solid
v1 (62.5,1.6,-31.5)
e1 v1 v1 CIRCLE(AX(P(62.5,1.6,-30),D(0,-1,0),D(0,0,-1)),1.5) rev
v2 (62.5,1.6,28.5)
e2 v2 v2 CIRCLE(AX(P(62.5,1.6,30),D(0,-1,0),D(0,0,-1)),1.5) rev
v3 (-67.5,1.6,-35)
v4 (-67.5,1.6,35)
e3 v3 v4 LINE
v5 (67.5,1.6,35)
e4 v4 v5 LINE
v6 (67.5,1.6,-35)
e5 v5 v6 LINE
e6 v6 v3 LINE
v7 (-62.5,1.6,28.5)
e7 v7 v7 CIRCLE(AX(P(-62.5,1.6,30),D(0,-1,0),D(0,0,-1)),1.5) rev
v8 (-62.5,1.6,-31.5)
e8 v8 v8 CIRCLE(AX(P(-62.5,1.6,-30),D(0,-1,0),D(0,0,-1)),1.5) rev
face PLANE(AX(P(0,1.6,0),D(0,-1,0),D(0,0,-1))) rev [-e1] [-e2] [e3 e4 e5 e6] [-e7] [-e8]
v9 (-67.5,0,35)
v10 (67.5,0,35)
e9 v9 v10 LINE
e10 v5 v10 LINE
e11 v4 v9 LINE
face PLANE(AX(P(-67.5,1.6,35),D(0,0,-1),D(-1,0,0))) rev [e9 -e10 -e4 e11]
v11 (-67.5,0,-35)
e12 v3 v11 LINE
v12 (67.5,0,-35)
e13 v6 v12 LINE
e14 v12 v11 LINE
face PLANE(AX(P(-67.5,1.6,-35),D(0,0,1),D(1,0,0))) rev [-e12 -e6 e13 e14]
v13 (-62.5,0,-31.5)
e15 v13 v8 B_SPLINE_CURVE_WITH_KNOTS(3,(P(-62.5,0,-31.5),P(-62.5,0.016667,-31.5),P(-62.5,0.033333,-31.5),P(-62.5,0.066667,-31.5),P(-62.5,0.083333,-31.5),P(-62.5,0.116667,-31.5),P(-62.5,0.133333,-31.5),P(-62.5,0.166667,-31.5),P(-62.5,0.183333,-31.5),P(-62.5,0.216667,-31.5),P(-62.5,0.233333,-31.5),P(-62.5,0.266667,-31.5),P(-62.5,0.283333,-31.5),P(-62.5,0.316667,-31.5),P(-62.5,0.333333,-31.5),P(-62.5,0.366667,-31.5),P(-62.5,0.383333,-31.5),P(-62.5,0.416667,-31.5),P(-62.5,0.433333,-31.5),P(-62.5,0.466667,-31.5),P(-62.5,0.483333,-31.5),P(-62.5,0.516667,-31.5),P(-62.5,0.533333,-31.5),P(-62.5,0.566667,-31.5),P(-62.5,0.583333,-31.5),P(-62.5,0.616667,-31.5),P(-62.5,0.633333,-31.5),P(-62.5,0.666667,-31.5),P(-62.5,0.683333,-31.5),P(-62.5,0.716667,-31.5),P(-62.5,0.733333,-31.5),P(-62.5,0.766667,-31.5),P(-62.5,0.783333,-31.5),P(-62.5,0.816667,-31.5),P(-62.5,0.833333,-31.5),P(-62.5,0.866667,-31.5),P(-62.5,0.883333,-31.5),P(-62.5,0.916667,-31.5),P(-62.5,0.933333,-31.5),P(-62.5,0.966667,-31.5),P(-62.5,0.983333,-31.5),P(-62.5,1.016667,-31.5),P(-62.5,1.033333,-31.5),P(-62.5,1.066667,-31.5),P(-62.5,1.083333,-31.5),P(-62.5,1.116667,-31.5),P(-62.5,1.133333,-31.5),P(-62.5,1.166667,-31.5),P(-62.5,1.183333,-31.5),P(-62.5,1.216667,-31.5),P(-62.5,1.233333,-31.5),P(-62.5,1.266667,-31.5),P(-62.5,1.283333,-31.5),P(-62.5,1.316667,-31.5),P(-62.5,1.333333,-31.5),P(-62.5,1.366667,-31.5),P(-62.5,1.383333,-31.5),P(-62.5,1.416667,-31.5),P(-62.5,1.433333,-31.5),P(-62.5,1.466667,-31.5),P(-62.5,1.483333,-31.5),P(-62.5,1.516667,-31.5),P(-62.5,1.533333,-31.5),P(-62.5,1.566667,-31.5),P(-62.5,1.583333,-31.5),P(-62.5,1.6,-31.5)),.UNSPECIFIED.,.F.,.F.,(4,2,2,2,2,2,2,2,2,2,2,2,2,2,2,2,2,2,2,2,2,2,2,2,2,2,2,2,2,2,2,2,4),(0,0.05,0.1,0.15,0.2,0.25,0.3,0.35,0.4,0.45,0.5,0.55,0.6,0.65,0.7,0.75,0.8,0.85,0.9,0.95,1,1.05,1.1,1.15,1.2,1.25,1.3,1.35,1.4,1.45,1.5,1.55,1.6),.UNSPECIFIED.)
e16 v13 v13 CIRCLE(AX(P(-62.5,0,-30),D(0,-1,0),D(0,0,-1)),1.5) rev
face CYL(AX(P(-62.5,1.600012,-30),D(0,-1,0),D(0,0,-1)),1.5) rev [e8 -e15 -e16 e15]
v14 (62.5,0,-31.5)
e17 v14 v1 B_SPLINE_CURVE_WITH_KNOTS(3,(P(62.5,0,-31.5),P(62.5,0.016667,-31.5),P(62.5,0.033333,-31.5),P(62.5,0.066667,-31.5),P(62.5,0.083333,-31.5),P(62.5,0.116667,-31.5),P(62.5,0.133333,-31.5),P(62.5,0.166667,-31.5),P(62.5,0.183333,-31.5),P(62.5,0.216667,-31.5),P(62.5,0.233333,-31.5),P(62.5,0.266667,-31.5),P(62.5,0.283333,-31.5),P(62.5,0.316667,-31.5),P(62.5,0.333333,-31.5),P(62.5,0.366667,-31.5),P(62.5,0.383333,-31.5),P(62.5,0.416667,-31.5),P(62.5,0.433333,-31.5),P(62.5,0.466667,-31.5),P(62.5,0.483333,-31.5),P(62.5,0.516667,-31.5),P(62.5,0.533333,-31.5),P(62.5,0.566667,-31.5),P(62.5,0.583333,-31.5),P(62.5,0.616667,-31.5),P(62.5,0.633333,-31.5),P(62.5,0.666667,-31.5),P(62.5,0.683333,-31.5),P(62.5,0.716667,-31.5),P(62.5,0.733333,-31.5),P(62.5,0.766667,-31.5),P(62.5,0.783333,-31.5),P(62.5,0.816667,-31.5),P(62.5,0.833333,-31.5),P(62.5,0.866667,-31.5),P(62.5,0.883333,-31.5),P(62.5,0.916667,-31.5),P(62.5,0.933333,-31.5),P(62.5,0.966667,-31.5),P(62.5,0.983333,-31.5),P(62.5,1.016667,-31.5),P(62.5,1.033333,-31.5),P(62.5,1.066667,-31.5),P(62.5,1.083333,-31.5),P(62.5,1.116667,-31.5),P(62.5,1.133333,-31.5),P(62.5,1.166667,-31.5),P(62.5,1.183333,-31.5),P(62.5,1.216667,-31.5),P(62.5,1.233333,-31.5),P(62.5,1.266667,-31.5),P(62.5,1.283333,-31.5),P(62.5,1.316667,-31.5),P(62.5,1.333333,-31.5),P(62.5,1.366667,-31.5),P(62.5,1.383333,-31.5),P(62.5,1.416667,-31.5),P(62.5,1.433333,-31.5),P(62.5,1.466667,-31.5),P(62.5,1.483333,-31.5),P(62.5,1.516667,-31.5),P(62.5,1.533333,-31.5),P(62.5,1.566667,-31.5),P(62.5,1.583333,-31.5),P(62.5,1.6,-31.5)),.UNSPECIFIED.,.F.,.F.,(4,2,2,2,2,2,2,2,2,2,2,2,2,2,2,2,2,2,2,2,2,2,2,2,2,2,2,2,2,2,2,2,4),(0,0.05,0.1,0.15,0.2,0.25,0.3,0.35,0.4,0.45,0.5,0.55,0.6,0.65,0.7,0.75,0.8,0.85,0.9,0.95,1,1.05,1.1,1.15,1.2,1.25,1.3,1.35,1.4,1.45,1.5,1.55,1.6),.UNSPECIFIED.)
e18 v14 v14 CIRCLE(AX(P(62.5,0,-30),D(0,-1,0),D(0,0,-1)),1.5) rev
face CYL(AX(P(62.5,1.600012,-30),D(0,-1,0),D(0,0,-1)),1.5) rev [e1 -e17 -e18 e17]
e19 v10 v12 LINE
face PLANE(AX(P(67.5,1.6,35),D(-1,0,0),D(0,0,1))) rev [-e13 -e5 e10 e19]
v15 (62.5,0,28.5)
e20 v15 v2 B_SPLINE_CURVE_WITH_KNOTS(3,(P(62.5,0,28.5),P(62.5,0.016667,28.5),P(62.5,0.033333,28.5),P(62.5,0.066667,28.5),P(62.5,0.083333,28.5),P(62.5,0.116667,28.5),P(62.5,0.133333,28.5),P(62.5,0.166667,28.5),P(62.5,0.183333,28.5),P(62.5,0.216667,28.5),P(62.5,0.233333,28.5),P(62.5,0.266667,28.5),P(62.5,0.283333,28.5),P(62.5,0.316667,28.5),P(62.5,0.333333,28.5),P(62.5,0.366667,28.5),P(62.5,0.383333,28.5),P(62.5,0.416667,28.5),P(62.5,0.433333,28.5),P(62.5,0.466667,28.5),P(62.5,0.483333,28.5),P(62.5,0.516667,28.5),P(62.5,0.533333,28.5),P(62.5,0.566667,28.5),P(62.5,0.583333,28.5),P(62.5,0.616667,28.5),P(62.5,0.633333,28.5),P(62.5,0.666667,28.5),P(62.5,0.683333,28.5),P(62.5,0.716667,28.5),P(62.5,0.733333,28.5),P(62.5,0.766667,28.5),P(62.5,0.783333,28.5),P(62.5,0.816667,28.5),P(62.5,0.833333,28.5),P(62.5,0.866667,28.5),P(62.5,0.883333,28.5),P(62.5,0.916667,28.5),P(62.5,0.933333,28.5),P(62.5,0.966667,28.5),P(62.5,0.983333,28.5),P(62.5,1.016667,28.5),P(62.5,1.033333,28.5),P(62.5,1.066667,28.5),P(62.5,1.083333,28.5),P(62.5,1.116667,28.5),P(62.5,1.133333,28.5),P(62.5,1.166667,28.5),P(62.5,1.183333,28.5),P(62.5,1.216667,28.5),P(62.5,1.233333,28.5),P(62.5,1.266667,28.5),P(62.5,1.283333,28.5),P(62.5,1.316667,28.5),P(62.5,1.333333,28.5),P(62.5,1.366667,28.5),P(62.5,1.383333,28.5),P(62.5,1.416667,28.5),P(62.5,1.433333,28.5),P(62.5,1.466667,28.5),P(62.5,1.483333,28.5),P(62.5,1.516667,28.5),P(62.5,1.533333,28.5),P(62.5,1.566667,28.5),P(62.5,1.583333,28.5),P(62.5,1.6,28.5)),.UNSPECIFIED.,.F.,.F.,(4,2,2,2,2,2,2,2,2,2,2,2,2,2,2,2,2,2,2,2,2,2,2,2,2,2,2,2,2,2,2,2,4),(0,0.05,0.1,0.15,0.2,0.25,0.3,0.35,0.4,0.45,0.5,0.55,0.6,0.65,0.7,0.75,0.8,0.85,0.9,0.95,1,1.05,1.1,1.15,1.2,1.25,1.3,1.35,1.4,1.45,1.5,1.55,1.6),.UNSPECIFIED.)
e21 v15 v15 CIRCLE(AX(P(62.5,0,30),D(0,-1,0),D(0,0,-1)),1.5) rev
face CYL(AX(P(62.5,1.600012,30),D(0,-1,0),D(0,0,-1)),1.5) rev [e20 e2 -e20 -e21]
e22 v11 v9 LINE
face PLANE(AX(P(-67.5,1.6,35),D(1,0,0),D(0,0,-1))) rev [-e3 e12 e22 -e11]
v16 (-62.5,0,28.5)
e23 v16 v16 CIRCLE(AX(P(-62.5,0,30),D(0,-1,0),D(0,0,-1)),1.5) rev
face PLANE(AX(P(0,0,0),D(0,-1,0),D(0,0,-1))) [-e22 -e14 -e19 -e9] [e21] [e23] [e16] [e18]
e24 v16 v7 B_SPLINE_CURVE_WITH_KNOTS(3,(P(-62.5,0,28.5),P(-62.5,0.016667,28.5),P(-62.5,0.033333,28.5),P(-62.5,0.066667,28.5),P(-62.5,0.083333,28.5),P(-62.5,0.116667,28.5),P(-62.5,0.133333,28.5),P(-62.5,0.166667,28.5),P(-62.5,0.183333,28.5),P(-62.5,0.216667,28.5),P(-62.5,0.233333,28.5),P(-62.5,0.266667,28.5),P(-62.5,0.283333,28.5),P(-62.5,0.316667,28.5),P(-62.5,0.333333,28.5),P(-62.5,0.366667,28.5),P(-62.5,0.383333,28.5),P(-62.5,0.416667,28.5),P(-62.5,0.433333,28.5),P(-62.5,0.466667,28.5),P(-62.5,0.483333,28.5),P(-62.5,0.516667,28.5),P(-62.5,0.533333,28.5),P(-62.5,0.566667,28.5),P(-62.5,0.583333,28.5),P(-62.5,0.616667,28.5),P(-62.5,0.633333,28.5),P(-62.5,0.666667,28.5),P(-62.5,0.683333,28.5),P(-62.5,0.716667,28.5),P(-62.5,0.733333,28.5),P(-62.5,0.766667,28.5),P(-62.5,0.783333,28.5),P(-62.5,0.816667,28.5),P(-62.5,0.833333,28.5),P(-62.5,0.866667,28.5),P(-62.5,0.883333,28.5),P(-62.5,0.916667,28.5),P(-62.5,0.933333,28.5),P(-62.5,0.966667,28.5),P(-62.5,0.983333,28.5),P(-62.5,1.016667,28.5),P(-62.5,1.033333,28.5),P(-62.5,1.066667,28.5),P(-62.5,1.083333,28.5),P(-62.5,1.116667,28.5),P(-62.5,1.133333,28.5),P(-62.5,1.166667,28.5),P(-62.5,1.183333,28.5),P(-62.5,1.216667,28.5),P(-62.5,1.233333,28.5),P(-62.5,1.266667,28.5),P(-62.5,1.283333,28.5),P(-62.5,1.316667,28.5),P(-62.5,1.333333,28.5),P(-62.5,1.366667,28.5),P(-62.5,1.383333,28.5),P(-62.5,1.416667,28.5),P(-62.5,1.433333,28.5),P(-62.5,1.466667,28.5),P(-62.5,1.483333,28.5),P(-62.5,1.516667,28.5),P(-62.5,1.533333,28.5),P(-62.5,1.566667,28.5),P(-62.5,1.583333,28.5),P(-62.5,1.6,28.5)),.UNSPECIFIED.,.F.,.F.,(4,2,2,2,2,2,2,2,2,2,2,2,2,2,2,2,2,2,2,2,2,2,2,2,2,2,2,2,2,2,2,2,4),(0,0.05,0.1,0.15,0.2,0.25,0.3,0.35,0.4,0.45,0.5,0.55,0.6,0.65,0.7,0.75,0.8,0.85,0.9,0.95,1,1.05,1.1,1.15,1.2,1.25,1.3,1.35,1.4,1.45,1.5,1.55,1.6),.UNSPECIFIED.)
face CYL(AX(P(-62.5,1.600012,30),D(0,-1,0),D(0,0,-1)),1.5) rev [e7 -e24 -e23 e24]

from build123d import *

# Parameters (mm, degrees)
SKETCH1_W                      = 135
SKETCH1_H                      = 70
BOSS_EXTRUDE1_DEPTH            = 1.6
CUT_EXTRUDE1_REACH             = 78.051
SKETCH2_R                      = 1.5
CUT_EXTRUDE1_DIRECTION_2_DEPTH = 77.051364222


with BuildPart() as part:
    # Sketch1 → Boss-Extrude1 (new body)
    with BuildSketch(Plane(origin=(0, 0, 0), x_dir=(1, 0, 0), z_dir=(0, 1, 0))):
        Rectangle(SKETCH1_W, SKETCH1_H)
    extrude(amount=BOSS_EXTRUDE1_DEPTH)

    # Sketch2 → Cut-Extrude1 (cut, up to next)
    with BuildSketch(Plane(origin=(0, 1.6, 0), x_dir=(1, 0, 0), z_dir=(0, 1, 0)), mode=Mode.PRIVATE) as cut_extrude1_sk1:
        with Locations(Location((-62.5, 30, 0), (0, 0, 90))):
            Circle(SKETCH2_R)
    cut_extrude1_tool1 = extrude(cut_extrude1_sk1.sketch, amount=-CUT_EXTRUDE1_REACH, mode=Mode.PRIVATE) & part.part
    # Sketch2 → Cut-Extrude1 (cut, up to next)
    with BuildSketch(Plane(origin=(0, 1.6, 0), x_dir=(1, 0, 0), z_dir=(0, 1, 0)), mode=Mode.PRIVATE) as cut_extrude1_sk2:
        with Locations(Location((62.5, 30, 0), (0, 0, 90))):
            Circle(SKETCH2_R)
    cut_extrude1_tool2 = extrude(cut_extrude1_sk2.sketch, amount=-CUT_EXTRUDE1_REACH, mode=Mode.PRIVATE) & part.part
    # Sketch2 → Cut-Extrude1 (cut, up to next)
    with BuildSketch(Plane(origin=(0, 1.6, 0), x_dir=(1, 0, 0), z_dir=(0, 1, 0)), mode=Mode.PRIVATE) as cut_extrude1_sk3:
        with Locations(Location((62.5, -30, 0), (0, 0, 90))):
            Circle(SKETCH2_R)
    cut_extrude1_tool3 = extrude(cut_extrude1_sk3.sketch, amount=-CUT_EXTRUDE1_REACH, mode=Mode.PRIVATE) & part.part
    # Sketch2 → Cut-Extrude1 (cut, up to next)
    with BuildSketch(Plane(origin=(0, 1.6, 0), x_dir=(1, 0, 0), z_dir=(0, 1, 0)), mode=Mode.PRIVATE) as cut_extrude1_sk4:
        with Locations(Location((-62.5, -30, 0), (0, 0, 90))):
            Circle(SKETCH2_R)
    cut_extrude1_tool4 = extrude(cut_extrude1_sk4.sketch, amount=-CUT_EXTRUDE1_REACH, mode=Mode.PRIVATE) & part.part
    add(cut_extrude1_tool1.solids().sort_by_distance((-62.5, 1.6, -30))[0], mode=Mode.SUBTRACT)
    add(cut_extrude1_tool2.solids().sort_by_distance((62.5, 1.6, -30))[0], mode=Mode.SUBTRACT)
    add(cut_extrude1_tool3.solids().sort_by_distance((62.5, 1.6, 30))[0], mode=Mode.SUBTRACT)
    add(cut_extrude1_tool4.solids().sort_by_distance((-62.5, 1.6, 30))[0], mode=Mode.SUBTRACT)

    # Sketch2 → Cut-Extrude1 direction 2 (cut)
    with BuildSketch(Plane(origin=(0, 1.6, 0), x_dir=(1, 0, 0), z_dir=(0, 1, 0))):
        with Locations(Location((-62.5, 30, 0), (0, 0, 90))):
            Circle(SKETCH2_R)
        with Locations(Location((62.5, 30, 0), (0, 0, 90))):
            Circle(SKETCH2_R)
        with Locations(Location((62.5, -30, 0), (0, 0, 90))):
            Circle(SKETCH2_R)
        with Locations(Location((-62.5, -30, 0), (0, 0, 90))):
            Circle(SKETCH2_R)
    extrude(amount=CUT_EXTRUDE1_DIRECTION_2_DEPTH, mode=Mode.SUBTRACT)


solid = part.part
